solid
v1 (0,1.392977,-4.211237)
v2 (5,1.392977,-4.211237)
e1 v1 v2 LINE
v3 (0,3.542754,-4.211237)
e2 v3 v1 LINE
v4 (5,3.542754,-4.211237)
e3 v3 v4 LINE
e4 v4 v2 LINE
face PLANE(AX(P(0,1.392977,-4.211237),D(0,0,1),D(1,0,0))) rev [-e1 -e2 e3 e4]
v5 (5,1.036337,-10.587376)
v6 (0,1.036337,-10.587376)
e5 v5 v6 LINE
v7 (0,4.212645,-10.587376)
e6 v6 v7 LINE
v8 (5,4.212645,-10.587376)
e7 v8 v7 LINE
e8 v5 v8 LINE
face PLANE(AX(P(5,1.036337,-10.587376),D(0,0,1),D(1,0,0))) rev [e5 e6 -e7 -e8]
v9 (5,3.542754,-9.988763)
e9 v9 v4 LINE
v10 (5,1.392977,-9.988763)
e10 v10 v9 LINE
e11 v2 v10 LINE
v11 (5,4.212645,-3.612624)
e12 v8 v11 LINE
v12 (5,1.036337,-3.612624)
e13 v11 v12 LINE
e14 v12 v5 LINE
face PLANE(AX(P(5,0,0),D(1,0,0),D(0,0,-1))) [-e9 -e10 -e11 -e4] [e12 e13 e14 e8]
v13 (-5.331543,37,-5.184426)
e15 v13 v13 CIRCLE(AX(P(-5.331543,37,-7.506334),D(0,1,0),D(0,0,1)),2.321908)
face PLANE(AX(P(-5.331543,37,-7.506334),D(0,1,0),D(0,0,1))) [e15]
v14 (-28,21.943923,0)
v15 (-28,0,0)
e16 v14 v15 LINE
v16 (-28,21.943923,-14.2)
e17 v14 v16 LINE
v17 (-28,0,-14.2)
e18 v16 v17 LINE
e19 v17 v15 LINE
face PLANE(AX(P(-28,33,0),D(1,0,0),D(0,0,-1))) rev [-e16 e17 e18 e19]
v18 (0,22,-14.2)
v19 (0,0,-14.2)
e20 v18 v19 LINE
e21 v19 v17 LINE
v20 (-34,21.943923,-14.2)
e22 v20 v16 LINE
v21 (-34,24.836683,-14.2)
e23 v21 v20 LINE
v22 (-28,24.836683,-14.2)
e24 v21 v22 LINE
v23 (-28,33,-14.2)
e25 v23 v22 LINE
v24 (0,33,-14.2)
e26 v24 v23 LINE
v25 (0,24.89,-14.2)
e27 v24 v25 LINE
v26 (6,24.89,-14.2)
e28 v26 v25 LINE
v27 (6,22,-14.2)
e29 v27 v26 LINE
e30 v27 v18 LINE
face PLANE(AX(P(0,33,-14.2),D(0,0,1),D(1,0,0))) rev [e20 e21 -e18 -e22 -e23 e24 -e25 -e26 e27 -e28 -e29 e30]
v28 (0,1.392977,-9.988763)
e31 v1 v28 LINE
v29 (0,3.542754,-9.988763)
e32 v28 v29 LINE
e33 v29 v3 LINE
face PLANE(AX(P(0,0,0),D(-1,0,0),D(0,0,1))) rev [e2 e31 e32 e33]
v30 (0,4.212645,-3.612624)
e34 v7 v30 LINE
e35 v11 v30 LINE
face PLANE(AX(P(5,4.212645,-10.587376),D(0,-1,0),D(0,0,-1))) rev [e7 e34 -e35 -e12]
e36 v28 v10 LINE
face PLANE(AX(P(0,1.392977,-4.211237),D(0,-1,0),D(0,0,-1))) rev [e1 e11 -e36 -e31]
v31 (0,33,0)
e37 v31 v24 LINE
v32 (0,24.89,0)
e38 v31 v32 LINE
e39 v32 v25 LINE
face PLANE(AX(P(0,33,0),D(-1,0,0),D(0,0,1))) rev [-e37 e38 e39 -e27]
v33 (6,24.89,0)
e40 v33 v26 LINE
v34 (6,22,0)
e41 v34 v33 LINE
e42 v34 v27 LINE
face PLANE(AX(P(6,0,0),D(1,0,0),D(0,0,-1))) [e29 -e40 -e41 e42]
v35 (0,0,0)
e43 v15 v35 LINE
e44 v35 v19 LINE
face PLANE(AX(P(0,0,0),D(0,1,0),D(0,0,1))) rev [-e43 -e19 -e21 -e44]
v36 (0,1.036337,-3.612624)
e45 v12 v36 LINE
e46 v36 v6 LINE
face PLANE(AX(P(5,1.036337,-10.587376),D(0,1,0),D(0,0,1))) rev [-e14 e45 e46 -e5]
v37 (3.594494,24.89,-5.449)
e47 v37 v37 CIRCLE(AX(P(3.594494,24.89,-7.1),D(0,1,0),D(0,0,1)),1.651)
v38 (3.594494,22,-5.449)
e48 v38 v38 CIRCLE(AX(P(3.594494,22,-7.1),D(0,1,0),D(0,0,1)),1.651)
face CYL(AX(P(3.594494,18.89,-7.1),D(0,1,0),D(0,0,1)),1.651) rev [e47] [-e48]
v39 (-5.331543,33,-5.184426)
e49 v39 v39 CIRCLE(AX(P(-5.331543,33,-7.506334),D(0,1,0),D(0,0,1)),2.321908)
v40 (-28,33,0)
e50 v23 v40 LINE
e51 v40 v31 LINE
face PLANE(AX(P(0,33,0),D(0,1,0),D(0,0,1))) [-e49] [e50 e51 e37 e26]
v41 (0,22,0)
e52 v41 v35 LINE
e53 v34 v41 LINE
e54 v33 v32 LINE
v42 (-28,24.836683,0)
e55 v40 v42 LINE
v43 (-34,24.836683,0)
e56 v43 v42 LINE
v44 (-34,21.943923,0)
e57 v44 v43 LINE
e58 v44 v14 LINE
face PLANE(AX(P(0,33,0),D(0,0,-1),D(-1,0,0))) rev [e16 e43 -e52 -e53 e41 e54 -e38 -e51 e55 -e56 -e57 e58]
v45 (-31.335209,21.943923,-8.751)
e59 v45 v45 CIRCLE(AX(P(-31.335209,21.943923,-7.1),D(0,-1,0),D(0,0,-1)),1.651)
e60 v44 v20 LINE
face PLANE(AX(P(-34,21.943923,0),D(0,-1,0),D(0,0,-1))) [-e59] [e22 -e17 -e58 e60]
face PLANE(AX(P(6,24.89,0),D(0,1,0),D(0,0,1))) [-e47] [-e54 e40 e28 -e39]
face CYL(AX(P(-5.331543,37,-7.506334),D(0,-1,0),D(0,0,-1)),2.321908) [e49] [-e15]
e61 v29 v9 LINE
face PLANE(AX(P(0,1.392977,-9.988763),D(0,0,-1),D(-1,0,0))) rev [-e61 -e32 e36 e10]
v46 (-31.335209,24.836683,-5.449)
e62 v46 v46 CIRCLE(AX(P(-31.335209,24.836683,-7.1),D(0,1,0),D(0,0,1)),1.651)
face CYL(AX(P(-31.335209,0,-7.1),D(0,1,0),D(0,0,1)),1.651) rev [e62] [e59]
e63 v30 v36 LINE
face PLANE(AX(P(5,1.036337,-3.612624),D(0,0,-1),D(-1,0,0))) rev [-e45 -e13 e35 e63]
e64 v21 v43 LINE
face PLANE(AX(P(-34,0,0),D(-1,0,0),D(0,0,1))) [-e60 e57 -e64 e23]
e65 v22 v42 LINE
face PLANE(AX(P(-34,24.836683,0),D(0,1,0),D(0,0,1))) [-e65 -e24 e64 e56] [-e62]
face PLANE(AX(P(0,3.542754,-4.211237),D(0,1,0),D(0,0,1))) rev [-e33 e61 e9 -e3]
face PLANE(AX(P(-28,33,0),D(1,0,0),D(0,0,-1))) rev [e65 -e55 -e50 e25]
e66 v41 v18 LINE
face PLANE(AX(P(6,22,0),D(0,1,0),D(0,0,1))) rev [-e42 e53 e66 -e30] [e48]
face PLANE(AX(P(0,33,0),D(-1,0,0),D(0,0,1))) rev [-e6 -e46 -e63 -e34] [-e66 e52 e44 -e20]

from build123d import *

# Parameters (mm, degrees)
SKETCH1_W           = 28
SKETCH1_H           = 14.2
BOSS_EXTRUDE1_DEPTH = 33
SKETCH2_R           = 2.321908149
BOSS_EXTRUDE3_DEPTH = 4
SKETCH3_W           = 6.974752534
SKETCH3_H           = 3.176308394
BOSS_EXTRUDE4_DEPTH = 5
SKETCH4_W           = 5.77752576
SKETCH4_H           = 2.149777027
CUT_EXTRUDE1_DEPTH  = 5
SKETCH6_W           = 14.2
SKETCH6_H           = 2.892759627
BOSS_EXTRUDE5_DEPTH = 6
SKETCH11_W          = 14.2
SKETCH11_H          = 2.89
BOSS_EXTRUDE6_DEPTH = 6
SKETCH12_R          = 1.651
CUT_EXTRUDE4_DEPTH  = 6
SKETCH17_R          = 1.651
CUT_EXTRUDE5_DEPTH  = 45.435355427


with BuildPart() as part:
    # Sketch1 → Boss-Extrude1 (new body)
    with BuildSketch(Plane(origin=(0, 0, 0), x_dir=(1, 0, 0), z_dir=(0, 1, 0))):
        with Locations((-14, 7.1)):
            Rectangle(SKETCH1_W, SKETCH1_H)
    extrude(amount=BOSS_EXTRUDE1_DEPTH)

    # Sketch2 → Boss-Extrude3 (add)
    with BuildSketch(Plane(origin=(0, 33, 0), x_dir=(1, 0, 0), z_dir=(0, 1, 0))):
        with Locations(Location((-5.331542912, 7.506333926, 0), (0, 0, 270))):
            Circle(SKETCH2_R)
    extrude(amount=BOSS_EXTRUDE3_DEPTH)

    # Sketch3 → Boss-Extrude4 (add)
    with BuildSketch(Plane(origin=(0, 0, 0), x_dir=(0, 0, -1), z_dir=(1, 0, 0))):
        with Locations((7.1, 2.624490745)):
            Rectangle(SKETCH3_W, SKETCH3_H)
    extrude(amount=BOSS_EXTRUDE4_DEPTH)

    # Sketch4 → Cut-Extrude1 (cut)
    with BuildSketch(Plane(origin=(5, 0, 0), x_dir=(0, 0, -1), z_dir=(1, 0, 0))):
        with Locations((7.1, 2.467865933)):
            Rectangle(SKETCH4_W, SKETCH4_H)
    extrude(amount=-CUT_EXTRUDE1_DEPTH, mode=Mode.SUBTRACT)

    # Sketch6 → Boss-Extrude5 (add)
    with BuildSketch(Plane.ZY.offset(28)):
        with Locations((-7.1, 23.390302975)):
            Rectangle(SKETCH6_W, SKETCH6_H)
    extrude(amount=BOSS_EXTRUDE5_DEPTH)

    # Sketch11 → Boss-Extrude6 (add)
    with BuildSketch(Plane(origin=(0, 0, 0), x_dir=(0, 0, -1), z_dir=(1, 0, 0))):
        with Locations((7.1, 23.445)):
            Rectangle(SKETCH11_W, SKETCH11_H)
    extrude(amount=BOSS_EXTRUDE6_DEPTH)

    # Sketch12 → Cut-Extrude4 (cut)
    with BuildSketch(Plane(origin=(0, 24.89, 0), x_dir=(1, 0, 0), z_dir=(0, 1, 0))):
        with Locations(Location((3.594494482, 7.1, 0), (0, 0, 270))):
            Circle(SKETCH12_R)
    extrude(amount=-CUT_EXTRUDE4_DEPTH, mode=Mode.SUBTRACT)

    # Sketch17 → Cut-Extrude5 (cut, through all)
    with BuildSketch(Plane(origin=(0, 24.836682788, 0), x_dir=(1, 0, 0), z_dir=(0, 1, 0))):
        with Locations(Location((-31.335208853, 7.1, 0), (0, 0, 270))):
            Circle(SKETCH17_R)
    extrude(amount=-CUT_EXTRUDE5_DEPTH, mode=Mode.SUBTRACT)


solid = part.part
